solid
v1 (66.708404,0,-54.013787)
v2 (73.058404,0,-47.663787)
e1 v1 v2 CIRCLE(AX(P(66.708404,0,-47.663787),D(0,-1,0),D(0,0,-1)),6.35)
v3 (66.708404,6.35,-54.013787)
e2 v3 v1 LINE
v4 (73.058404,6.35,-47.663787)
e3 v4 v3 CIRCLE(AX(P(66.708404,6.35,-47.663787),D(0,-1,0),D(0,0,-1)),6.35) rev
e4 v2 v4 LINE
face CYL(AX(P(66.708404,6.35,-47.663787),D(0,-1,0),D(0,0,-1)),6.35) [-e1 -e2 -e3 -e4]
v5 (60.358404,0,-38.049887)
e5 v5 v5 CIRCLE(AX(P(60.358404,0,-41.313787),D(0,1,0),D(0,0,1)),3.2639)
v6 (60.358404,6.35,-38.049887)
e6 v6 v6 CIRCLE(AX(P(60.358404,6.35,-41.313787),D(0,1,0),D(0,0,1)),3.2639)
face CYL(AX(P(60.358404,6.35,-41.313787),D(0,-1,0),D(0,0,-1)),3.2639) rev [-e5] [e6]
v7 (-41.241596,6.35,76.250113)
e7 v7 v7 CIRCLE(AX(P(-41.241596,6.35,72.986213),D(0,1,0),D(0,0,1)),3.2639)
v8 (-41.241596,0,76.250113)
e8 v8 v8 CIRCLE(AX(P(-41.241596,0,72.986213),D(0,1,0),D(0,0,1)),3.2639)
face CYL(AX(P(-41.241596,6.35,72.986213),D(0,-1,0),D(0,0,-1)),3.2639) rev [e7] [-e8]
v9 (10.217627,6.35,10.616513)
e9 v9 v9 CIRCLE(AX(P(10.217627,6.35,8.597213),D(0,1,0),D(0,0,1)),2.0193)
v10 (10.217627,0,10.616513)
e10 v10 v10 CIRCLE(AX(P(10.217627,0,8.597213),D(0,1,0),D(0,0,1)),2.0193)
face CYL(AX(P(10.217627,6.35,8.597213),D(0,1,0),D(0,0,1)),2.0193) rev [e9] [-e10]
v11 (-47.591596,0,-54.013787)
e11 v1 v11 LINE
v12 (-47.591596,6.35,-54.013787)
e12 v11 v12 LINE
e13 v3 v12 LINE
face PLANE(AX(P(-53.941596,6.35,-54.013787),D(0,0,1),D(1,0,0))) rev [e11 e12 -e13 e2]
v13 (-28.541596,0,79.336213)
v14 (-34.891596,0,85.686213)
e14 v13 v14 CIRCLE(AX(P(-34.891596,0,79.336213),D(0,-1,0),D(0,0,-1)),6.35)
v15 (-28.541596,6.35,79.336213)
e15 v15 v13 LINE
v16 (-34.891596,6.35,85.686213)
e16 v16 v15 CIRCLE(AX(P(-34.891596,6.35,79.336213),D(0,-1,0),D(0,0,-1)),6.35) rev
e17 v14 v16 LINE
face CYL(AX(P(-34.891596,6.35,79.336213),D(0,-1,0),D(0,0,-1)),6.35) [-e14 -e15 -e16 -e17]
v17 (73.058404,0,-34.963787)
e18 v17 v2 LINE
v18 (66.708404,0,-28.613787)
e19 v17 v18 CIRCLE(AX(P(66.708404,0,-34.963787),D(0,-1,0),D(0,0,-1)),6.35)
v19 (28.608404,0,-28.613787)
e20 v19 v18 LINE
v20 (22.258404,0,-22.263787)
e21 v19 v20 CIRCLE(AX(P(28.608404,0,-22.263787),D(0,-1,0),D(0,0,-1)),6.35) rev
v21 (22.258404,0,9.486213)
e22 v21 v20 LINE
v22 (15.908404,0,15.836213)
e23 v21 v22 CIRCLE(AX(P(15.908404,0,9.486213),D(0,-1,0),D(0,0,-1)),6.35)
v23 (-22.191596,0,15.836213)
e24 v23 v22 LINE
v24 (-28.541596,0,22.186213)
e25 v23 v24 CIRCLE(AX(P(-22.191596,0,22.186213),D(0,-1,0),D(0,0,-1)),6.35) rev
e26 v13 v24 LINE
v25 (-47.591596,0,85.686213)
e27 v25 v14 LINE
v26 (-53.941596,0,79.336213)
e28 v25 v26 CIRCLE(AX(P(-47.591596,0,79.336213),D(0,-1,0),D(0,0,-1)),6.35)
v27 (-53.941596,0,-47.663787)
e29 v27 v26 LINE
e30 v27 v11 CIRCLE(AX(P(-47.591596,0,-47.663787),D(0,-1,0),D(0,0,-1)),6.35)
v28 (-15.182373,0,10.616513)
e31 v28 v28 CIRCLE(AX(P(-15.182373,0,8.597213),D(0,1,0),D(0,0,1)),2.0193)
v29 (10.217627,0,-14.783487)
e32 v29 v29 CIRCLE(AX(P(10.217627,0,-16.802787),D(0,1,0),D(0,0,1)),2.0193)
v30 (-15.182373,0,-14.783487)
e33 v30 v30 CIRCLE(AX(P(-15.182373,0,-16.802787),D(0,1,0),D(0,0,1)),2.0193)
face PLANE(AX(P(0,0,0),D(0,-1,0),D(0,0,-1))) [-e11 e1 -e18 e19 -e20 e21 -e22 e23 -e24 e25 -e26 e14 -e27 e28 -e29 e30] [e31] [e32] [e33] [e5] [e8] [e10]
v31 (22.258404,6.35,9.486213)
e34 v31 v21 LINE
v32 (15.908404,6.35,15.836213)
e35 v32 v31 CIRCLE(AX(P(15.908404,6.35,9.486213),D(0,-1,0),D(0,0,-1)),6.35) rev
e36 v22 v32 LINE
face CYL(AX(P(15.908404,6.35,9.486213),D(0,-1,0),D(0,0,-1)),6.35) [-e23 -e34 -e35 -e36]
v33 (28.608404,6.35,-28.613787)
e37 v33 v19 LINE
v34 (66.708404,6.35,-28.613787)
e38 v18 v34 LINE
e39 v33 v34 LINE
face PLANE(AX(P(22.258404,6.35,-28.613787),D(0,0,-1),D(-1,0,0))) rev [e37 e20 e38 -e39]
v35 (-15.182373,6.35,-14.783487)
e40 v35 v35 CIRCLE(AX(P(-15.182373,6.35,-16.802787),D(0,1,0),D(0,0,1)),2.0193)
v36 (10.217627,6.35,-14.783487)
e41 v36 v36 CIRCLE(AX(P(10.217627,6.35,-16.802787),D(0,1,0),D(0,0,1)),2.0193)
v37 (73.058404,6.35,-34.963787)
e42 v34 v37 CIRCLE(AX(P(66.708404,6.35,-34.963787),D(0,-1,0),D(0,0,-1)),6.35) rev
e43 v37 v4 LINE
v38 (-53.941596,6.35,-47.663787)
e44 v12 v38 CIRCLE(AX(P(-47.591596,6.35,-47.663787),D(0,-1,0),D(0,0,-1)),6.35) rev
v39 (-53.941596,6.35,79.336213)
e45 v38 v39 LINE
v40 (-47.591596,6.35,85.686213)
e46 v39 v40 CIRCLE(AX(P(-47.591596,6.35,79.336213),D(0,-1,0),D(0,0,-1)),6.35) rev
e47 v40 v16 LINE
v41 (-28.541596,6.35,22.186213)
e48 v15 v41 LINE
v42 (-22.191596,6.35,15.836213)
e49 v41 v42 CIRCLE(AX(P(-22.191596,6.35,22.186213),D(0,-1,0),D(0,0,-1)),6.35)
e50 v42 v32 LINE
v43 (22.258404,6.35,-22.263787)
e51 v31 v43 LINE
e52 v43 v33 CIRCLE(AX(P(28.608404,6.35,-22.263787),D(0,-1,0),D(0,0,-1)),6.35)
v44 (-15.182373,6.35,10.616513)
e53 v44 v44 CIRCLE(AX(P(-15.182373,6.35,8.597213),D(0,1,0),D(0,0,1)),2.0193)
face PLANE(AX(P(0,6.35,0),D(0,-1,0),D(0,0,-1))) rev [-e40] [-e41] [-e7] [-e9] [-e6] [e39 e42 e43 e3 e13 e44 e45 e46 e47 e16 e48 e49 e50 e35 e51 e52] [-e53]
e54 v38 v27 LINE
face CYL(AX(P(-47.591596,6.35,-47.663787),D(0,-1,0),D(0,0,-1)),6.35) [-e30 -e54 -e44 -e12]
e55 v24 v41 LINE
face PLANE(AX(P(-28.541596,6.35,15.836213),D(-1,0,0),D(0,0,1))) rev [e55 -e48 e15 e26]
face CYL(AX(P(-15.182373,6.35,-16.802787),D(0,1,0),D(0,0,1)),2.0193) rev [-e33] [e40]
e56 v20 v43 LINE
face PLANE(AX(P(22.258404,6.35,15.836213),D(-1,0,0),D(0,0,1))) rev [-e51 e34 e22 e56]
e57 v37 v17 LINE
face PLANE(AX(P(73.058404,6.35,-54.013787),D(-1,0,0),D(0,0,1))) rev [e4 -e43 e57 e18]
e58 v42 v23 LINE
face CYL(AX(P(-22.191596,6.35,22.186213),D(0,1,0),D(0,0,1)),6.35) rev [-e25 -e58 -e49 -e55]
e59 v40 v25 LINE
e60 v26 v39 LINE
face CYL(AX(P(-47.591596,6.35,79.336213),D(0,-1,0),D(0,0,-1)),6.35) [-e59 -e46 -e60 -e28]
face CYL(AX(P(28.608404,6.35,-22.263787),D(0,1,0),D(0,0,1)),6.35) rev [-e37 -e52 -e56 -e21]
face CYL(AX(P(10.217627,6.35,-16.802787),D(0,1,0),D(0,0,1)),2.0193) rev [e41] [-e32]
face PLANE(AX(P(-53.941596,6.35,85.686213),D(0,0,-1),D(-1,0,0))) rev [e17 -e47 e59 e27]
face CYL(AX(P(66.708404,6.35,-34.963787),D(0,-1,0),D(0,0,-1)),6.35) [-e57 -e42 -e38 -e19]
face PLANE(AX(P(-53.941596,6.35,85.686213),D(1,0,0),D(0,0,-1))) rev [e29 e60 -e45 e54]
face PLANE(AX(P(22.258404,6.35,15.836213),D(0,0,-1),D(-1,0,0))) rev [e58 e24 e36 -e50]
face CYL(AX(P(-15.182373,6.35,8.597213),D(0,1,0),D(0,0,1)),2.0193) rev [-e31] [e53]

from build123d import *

# Parameters (mm, degrees)
SKETCH1_R                   = 3.2639
BOSS_EXTRUDE1_DEPTH         = 6.35
FILLET1_R                   = 6.35
FILLET4_R                   = 6.35
FILLET5_R                   = 6.35
FILLET6_R                   = 6.35
FILLET9_R                   = 6.35
FILLET10_R                  = 6.35
FILLET11_R                  = 6.35
FILLET12_R                  = 6.35
F_21_0_159_DIAMETER_HOLE1_D = 4.0386


with BuildPart() as part:
    # Sketch1 → Boss-Extrude1 (new body)
    with BuildSketch(Plane(origin=(0, 0, 0), x_dir=(1, 0, 0), z_dir=(0, 1, 0))):
        Polygon((-53.941595929, 54.013787086), (73.058404071, 54.013787086), (73.058404071, 28.613787086), (22.258404071, 28.613787086), (22.258404071, -15.836212914), (-28.541595929, -15.836212914), (-28.541595929, -85.686212914), (-53.941595929, -85.686212914), align=None)
        with Locations((-41.241595929, -72.986212914)):
            Circle(SKETCH1_R, mode=Mode.SUBTRACT)
        with Locations((60.358404071, 41.313787086)):
            Circle(SKETCH1_R, mode=Mode.SUBTRACT)
    extrude(amount=BOSS_EXTRUDE1_DEPTH)

    # Fillet1
    fillet1_edges = [part.edges().sort_by_distance(p)[0] for p in [
        (-28.541595929, 3.175, 15.836212914),
    ]]
    fillet(fillet1_edges, radius=FILLET1_R)

    # Fillet4
    fillet4_edges = [part.edges().sort_by_distance(p)[0] for p in [
        (-53.941595929, 3.175, -54.013787086),
    ]]
    fillet(fillet4_edges, radius=FILLET4_R)

    # Fillet5
    fillet5_edges = [part.edges().sort_by_distance(p)[0] for p in [
        (-53.941595929, 3.175, 85.686212914),
    ]]
    fillet(fillet5_edges, radius=FILLET5_R)

    # Fillet6
    fillet6_edges = [part.edges().sort_by_distance(p)[0] for p in [
        (-28.541595929, 3.175, 85.686212914),
    ]]
    fillet(fillet6_edges, radius=FILLET6_R)

    # Fillet9
    fillet9_edges = [part.edges().sort_by_distance(p)[0] for p in [
        (22.258404071, 3.175, 15.836212914),
    ]]
    fillet(fillet9_edges, radius=FILLET9_R)

    # Fillet10
    fillet10_edges = [part.edges().sort_by_distance(p)[0] for p in [
        (22.258404071, 3.175, -28.613787086),
    ]]
    fillet(fillet10_edges, radius=FILLET10_R)

    # Fillet11
    fillet11_edges = [part.edges().sort_by_distance(p)[0] for p in [
        (73.058404071, 3.175, -28.613787086),
    ]]
    fillet(fillet11_edges, radius=FILLET11_R)

    # Fillet12
    fillet12_edges = [part.edges().sort_by_distance(p)[0] for p in [
        (73.058404071, 3.175, -54.013787086),
    ]]
    fillet(fillet12_edges, radius=FILLET12_R)

    # #21 (0.159) Diameter Hole1 (through all)
    with Locations(Plane(origin=(0, 6.35, 0), x_dir=(1, 0, 0), z_dir=(0, 1, 0))):
        with Locations((-15.182373473, 16.802787086), (-15.182373473, -8.597212914), (10.217626527, -8.597212914), (10.217626527, 16.802787086)):
            Hole(F_21_0_159_DIAMETER_HOLE1_D / 2)


solid = part.part
